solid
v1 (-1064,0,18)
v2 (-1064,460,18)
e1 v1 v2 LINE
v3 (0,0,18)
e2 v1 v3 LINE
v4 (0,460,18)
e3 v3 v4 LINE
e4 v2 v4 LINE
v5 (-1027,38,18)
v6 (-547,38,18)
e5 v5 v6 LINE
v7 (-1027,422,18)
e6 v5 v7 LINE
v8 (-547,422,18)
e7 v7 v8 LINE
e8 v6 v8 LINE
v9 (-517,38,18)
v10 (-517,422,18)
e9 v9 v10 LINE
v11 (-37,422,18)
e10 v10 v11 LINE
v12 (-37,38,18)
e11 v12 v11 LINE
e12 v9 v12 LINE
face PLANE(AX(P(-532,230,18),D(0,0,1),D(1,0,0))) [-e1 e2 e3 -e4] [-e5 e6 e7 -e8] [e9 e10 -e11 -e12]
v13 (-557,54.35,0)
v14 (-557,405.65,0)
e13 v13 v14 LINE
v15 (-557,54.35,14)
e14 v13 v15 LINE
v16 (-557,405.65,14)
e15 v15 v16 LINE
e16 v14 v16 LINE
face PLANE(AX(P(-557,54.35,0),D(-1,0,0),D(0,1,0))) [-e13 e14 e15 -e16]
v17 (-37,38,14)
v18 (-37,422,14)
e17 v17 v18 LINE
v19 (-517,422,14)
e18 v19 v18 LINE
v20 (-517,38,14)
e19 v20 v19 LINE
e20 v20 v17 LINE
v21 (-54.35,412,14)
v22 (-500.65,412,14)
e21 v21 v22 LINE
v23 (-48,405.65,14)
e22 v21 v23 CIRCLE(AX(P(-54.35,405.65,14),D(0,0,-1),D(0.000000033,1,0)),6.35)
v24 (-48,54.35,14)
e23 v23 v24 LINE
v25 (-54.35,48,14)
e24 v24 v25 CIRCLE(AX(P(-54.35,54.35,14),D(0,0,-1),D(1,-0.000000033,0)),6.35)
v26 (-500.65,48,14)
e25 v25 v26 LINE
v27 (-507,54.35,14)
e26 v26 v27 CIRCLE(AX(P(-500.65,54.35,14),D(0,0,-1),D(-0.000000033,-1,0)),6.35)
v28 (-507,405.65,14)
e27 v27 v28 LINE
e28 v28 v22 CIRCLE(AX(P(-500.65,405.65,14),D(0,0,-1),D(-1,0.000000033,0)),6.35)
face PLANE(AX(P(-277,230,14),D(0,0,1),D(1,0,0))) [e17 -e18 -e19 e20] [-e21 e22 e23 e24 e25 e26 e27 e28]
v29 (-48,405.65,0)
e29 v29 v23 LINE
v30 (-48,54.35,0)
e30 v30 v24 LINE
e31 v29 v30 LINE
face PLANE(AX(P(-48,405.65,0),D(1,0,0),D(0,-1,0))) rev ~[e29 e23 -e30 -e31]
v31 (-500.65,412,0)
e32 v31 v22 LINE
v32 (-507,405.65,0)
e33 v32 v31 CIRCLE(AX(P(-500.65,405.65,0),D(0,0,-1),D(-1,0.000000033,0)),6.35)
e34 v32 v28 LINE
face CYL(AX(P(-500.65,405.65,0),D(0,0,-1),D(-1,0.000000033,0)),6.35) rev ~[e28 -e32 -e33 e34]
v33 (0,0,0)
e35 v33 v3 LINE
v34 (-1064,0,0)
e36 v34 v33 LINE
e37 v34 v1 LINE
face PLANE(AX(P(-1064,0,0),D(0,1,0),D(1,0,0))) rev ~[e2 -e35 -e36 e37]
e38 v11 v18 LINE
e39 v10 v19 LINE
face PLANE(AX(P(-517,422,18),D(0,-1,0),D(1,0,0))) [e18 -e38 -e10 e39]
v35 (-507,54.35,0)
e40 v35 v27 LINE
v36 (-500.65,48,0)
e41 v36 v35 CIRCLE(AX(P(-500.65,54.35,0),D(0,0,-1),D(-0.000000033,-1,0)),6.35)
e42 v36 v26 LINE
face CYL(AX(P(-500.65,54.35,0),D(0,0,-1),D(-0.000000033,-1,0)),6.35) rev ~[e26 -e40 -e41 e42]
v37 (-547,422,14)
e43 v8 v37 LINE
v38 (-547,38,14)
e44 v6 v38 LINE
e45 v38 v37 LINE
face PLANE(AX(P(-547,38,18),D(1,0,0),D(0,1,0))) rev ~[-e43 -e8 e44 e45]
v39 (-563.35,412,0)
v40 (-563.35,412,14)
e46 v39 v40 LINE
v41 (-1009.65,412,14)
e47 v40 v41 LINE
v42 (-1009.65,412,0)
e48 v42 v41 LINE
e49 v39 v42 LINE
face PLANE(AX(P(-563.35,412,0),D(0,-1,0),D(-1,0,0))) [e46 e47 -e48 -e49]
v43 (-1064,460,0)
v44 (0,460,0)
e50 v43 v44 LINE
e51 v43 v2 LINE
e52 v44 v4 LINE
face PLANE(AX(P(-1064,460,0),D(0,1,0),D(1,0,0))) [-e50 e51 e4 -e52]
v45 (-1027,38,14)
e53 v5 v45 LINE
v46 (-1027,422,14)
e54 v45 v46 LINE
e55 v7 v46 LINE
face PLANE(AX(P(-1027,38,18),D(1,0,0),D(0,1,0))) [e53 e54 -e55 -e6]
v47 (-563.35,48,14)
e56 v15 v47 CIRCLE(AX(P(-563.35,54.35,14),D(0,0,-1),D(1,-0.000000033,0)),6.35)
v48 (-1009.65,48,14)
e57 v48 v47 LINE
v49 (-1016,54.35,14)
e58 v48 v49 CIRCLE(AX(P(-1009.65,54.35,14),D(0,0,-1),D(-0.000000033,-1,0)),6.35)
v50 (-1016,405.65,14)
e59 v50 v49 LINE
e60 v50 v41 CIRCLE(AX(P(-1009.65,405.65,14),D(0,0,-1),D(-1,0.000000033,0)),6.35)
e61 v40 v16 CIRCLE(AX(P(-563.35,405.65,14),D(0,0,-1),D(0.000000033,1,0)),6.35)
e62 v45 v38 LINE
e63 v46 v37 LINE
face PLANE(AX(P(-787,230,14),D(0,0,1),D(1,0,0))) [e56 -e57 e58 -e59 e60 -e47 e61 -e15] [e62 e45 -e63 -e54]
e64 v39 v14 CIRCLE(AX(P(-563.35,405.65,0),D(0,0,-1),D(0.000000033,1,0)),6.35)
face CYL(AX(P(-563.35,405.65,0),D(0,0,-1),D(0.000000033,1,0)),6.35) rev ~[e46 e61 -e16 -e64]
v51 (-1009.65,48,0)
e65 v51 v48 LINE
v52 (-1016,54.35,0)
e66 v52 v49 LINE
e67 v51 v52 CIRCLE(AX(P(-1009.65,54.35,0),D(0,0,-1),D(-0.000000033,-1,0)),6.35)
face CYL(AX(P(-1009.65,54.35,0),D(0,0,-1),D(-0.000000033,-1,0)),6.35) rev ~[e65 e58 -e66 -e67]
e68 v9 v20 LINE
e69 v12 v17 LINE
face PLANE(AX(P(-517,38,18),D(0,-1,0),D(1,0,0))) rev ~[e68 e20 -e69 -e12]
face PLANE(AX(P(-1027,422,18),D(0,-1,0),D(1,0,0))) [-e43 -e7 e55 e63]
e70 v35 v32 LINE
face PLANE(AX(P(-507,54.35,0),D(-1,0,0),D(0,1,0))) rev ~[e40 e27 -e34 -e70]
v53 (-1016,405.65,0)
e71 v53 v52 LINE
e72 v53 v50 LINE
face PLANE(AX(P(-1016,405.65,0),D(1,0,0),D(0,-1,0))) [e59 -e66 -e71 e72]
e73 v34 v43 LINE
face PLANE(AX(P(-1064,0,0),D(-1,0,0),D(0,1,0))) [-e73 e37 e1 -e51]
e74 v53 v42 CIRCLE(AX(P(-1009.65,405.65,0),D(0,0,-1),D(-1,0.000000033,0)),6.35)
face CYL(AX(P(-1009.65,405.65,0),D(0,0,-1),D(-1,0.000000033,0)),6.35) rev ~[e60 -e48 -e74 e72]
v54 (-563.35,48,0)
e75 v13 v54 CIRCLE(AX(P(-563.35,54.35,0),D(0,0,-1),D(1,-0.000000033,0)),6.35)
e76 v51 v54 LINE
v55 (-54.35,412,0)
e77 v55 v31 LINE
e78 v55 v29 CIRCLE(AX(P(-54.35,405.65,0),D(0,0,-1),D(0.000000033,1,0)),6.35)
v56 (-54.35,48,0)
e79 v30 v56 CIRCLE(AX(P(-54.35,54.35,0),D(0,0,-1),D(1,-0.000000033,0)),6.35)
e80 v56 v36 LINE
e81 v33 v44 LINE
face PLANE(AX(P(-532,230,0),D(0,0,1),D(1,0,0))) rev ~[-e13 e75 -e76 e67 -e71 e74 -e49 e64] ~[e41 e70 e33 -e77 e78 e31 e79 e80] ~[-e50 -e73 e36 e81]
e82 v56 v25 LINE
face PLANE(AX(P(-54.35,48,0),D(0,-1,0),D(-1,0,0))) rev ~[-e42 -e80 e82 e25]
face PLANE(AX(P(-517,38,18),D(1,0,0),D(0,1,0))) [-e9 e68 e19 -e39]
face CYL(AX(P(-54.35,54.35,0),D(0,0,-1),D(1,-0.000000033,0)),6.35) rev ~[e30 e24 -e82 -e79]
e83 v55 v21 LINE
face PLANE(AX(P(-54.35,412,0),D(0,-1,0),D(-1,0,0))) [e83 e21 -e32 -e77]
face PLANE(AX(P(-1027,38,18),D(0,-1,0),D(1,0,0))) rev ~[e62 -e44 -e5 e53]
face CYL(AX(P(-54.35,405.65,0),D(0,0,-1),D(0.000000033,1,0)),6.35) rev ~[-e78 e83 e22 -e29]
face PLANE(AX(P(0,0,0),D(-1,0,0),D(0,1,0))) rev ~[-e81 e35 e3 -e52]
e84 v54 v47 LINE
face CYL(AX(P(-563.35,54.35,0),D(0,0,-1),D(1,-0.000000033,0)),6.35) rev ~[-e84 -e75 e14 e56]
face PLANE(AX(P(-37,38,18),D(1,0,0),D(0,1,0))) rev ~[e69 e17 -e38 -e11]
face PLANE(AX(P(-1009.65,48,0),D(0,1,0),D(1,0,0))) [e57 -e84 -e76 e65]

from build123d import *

# Parameters (mm, degrees)
SKETCH_W        = 1064
SKETCH_H        = 460
PAD_DEPTH       = 18
POCKET003_DEPTH = 18.001
SKETCH005_W     = 480
SKETCH005_H     = 384
POCKET_DEPTH    = 4


with BuildPart() as part:
    # Sketch → Pad (new body)
    with BuildSketch(Plane.XY):
        with Locations((-532, 230)):
            Rectangle(SKETCH_W, SKETCH_H)
    extrude(amount=PAD_DEPTH)

    # Sketch004 → Pocket003 (cut, through all)
    with BuildSketch(Plane(origin=(0, 0, 0), x_dir=(1, 0, 0), z_dir=(0, 0, -1))):
        with BuildLine():
            Line((-54.35, -412), (-500.65, -412))
            ThreePointArc((-507, -405.65), (-505.140128, -410.140128), (-500.65, -412))
            Line((-507, -54.35), (-507, -405.65))
            ThreePointArc((-500.65, -48), (-505.140128, -49.859872), (-507, -54.35))
            Line((-54.35, -48), (-500.65, -48))
            ThreePointArc((-48, -54.35), (-49.859872, -49.859872), (-54.35, -48))
            Line((-48, -405.65), (-48, -54.35))
            ThreePointArc((-54.35, -412), (-49.859872, -410.140128), (-48, -405.65))
        make_face()
        with BuildLine():
            Line((-557, -54.35), (-557, -405.65))
            ThreePointArc((-563.35, -412), (-558.859872, -410.140128), (-557, -405.65))
            Line((-563.35, -412), (-1009.65, -412))
            ThreePointArc((-1016, -405.65), (-1014.140128, -410.140128), (-1009.65, -412))
            Line((-1016, -405.65), (-1016, -54.35))
            ThreePointArc((-1009.65, -48), (-1014.140128, -49.859872), (-1016, -54.35))
            Line((-1009.65, -48), (-563.35, -48))
            ThreePointArc((-557, -54.35), (-558.859872, -49.859872), (-563.35, -48))
        make_face()
    extrude(amount=-POCKET003_DEPTH, mode=Mode.SUBTRACT)

    # Sketch005 (on Face5 of Pocket003) → Pocket (cut)
    with BuildSketch(Plane.XY.offset(18)):
        with Locations((-277, 230)):
            Rectangle(SKETCH005_W, SKETCH005_H)
        with Locations((-787, 230)):
            Rectangle(SKETCH005_W, SKETCH005_H)
    extrude(amount=-POCKET_DEPTH, mode=Mode.SUBTRACT)


solid = part.part
